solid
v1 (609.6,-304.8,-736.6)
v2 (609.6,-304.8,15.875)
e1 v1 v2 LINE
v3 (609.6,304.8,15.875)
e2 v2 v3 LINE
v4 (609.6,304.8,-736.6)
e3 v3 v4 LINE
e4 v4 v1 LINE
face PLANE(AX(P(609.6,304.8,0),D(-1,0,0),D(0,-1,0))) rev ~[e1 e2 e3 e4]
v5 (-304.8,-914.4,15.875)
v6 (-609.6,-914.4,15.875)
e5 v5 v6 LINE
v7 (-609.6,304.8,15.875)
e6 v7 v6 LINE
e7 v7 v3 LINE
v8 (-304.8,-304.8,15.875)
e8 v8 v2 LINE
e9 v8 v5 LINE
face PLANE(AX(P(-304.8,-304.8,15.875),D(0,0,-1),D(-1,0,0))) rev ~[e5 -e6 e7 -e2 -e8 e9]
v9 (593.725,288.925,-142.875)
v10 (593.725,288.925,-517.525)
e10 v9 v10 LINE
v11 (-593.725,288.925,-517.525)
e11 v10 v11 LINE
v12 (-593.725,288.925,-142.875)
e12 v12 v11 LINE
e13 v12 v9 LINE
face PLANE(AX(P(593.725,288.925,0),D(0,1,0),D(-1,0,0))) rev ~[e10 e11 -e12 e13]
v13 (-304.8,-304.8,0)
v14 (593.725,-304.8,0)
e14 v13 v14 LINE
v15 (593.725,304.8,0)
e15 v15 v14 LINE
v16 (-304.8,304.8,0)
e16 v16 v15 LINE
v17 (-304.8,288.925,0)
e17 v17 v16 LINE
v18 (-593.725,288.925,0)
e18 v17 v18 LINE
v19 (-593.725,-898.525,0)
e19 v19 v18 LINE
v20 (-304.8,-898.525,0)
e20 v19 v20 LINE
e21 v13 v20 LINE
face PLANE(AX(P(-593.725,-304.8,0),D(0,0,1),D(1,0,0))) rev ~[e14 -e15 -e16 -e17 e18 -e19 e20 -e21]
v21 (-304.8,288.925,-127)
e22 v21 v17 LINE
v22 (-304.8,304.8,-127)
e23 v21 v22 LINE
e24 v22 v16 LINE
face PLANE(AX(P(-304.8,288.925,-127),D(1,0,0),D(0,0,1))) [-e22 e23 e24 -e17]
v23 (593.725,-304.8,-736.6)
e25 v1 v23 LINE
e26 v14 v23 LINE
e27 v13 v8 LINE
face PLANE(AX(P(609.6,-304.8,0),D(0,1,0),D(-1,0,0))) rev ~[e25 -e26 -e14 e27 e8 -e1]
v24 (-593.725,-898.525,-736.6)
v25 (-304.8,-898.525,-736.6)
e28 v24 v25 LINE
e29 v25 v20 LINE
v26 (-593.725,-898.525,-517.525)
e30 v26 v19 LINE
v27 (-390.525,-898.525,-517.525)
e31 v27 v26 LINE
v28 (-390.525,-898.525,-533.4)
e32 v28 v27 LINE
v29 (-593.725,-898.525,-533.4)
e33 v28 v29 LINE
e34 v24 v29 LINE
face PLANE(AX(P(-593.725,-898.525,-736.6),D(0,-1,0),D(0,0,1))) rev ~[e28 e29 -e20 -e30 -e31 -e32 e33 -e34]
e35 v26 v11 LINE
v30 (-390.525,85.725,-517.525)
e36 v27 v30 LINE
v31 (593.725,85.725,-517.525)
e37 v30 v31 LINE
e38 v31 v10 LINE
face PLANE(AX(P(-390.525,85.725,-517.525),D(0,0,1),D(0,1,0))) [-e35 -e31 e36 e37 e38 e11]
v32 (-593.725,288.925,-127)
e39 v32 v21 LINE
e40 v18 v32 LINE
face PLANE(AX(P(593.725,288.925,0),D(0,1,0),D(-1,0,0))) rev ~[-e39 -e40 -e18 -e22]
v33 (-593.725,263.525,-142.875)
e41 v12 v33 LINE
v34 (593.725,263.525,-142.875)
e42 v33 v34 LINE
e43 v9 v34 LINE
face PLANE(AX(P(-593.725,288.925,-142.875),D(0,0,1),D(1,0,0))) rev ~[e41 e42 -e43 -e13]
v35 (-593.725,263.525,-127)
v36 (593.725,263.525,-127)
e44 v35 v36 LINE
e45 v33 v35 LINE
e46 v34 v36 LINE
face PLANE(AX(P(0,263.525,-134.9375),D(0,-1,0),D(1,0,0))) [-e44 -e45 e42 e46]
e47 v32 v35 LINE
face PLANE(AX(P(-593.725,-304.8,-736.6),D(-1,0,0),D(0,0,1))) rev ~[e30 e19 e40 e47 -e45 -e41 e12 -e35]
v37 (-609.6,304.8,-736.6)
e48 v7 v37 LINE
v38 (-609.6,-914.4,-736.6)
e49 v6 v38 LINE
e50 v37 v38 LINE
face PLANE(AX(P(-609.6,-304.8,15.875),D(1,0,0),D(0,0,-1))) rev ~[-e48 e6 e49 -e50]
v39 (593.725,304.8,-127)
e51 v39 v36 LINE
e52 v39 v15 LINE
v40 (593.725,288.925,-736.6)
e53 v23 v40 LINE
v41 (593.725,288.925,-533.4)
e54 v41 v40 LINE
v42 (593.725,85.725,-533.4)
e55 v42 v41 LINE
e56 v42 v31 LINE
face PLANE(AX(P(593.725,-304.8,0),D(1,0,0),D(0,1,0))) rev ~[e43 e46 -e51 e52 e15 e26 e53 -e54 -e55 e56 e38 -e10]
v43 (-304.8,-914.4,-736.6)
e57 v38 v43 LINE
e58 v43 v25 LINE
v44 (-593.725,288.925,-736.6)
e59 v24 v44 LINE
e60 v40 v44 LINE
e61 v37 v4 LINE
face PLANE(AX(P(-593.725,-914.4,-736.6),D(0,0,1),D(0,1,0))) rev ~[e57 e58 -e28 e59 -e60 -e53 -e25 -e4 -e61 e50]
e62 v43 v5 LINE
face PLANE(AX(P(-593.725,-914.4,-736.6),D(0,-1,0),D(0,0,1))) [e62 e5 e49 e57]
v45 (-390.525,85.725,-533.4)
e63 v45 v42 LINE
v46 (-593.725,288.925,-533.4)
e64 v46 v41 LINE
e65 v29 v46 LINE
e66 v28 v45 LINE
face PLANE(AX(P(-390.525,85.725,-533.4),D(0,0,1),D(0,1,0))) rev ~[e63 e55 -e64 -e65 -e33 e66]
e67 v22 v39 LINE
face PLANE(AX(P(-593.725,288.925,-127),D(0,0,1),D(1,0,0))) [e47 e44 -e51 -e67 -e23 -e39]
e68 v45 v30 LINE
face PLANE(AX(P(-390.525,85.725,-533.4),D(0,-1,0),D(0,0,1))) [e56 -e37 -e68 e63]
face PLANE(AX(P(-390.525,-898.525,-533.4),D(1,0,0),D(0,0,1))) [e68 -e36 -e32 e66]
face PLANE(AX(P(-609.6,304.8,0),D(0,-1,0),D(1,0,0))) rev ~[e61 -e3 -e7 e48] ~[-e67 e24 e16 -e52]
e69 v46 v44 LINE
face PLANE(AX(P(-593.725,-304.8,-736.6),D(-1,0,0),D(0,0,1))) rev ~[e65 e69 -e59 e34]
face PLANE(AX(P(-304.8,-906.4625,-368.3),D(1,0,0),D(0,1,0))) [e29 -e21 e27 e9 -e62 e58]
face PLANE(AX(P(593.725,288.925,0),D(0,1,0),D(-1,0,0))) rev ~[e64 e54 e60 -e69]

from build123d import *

# Parameters (mm, degrees)
F0_W      = 1219.2
F0_H      = 609.6
F1_DEPTH  = 15.875
F3_DEPTH  = 736.6
F4_W      = 1187.45
F4_H      = 15.875
F5_DEPTH  = 25.4
F6_W      = 898.525
F6_H      = 127
F7_DEPTH  = 25.4
F9_DEPTH  = 609.6
F10_W     = 15.875
F10_H     = 736.6
F11_DEPTH = 288.925
F12_W     = 203.2
F12_H     = 15.875
F13_DEPTH = 1187.45
F14_W     = 203.2
F14_H     = 15.875
F15_DEPTH = 984.25


with BuildPart() as f1:
    # F0 (on Top) → F1 (new body)
    with BuildSketch(Plane.XY):
        Rectangle(F0_W, F0_H)
    extrude(amount=F1_DEPTH)

    # F2 (on face) → F3 (join)
    with BuildSketch(Plane(origin=(0, 0, 0), x_dir=(1, 0, 0), z_dir=(0, 0, -1))):
        Polygon((593.725, -288.925), (-593.725, -288.925), (-593.725, 304.8), (-609.6, 304.8), (-609.6, -304.8), (609.6, -304.8), (609.6, 304.8), (593.725, 304.8), align=None)
    extrude(amount=F3_DEPTH)

    # F4 (on face) → F5 (join)
    with BuildSketch(Plane.XZ.offset(-288.925)):
        with Locations((0, -134.9375)):
            Rectangle(F4_W, F4_H)
    extrude(amount=F5_DEPTH)

    # F6 (on face) → F7 (cut)
    with BuildSketch(Plane.XZ.offset(-288.925)):
        with Locations((144.4625, -63.5)):
            Rectangle(F6_W, F6_H)
    extrude(amount=-F7_DEPTH, mode=Mode.SUBTRACT)

    # F8 (on face) → F9 (join)
    with BuildSketch(Plane.XZ.offset(304.8)):
        Polygon((-304.8, 0), (-304.8, 15.875), (-609.6, 15.875), (-609.6, -736.6), (-593.725, -736.6), (-593.725, 0), align=None)
    extrude(amount=F9_DEPTH)

    # F10 (on face) → F11 (join)
    with BuildSketch(Plane.YZ.offset(-593.725)):
        with Locations((-906.4625, -368.3)):
            Rectangle(F10_W, F10_H)
    extrude(amount=F11_DEPTH)

    # F12 (on face) → F13 (join)
    with BuildSketch(Plane(origin=(0, -898.525, 0), x_dir=(-1, 0, 0), z_dir=(0, 1, 0))):
        with Locations((492.125, -525.4625)):
            Rectangle(F12_W, F12_H)
    extrude(amount=F13_DEPTH)

    # F14 (on face) → F15 (join)
    with BuildSketch(Plane.YZ.offset(-390.525)):
        with Locations((187.325, -525.4625)):
            Rectangle(F14_W, F14_H)
    extrude(amount=F15_DEPTH)


solid = f1.part
